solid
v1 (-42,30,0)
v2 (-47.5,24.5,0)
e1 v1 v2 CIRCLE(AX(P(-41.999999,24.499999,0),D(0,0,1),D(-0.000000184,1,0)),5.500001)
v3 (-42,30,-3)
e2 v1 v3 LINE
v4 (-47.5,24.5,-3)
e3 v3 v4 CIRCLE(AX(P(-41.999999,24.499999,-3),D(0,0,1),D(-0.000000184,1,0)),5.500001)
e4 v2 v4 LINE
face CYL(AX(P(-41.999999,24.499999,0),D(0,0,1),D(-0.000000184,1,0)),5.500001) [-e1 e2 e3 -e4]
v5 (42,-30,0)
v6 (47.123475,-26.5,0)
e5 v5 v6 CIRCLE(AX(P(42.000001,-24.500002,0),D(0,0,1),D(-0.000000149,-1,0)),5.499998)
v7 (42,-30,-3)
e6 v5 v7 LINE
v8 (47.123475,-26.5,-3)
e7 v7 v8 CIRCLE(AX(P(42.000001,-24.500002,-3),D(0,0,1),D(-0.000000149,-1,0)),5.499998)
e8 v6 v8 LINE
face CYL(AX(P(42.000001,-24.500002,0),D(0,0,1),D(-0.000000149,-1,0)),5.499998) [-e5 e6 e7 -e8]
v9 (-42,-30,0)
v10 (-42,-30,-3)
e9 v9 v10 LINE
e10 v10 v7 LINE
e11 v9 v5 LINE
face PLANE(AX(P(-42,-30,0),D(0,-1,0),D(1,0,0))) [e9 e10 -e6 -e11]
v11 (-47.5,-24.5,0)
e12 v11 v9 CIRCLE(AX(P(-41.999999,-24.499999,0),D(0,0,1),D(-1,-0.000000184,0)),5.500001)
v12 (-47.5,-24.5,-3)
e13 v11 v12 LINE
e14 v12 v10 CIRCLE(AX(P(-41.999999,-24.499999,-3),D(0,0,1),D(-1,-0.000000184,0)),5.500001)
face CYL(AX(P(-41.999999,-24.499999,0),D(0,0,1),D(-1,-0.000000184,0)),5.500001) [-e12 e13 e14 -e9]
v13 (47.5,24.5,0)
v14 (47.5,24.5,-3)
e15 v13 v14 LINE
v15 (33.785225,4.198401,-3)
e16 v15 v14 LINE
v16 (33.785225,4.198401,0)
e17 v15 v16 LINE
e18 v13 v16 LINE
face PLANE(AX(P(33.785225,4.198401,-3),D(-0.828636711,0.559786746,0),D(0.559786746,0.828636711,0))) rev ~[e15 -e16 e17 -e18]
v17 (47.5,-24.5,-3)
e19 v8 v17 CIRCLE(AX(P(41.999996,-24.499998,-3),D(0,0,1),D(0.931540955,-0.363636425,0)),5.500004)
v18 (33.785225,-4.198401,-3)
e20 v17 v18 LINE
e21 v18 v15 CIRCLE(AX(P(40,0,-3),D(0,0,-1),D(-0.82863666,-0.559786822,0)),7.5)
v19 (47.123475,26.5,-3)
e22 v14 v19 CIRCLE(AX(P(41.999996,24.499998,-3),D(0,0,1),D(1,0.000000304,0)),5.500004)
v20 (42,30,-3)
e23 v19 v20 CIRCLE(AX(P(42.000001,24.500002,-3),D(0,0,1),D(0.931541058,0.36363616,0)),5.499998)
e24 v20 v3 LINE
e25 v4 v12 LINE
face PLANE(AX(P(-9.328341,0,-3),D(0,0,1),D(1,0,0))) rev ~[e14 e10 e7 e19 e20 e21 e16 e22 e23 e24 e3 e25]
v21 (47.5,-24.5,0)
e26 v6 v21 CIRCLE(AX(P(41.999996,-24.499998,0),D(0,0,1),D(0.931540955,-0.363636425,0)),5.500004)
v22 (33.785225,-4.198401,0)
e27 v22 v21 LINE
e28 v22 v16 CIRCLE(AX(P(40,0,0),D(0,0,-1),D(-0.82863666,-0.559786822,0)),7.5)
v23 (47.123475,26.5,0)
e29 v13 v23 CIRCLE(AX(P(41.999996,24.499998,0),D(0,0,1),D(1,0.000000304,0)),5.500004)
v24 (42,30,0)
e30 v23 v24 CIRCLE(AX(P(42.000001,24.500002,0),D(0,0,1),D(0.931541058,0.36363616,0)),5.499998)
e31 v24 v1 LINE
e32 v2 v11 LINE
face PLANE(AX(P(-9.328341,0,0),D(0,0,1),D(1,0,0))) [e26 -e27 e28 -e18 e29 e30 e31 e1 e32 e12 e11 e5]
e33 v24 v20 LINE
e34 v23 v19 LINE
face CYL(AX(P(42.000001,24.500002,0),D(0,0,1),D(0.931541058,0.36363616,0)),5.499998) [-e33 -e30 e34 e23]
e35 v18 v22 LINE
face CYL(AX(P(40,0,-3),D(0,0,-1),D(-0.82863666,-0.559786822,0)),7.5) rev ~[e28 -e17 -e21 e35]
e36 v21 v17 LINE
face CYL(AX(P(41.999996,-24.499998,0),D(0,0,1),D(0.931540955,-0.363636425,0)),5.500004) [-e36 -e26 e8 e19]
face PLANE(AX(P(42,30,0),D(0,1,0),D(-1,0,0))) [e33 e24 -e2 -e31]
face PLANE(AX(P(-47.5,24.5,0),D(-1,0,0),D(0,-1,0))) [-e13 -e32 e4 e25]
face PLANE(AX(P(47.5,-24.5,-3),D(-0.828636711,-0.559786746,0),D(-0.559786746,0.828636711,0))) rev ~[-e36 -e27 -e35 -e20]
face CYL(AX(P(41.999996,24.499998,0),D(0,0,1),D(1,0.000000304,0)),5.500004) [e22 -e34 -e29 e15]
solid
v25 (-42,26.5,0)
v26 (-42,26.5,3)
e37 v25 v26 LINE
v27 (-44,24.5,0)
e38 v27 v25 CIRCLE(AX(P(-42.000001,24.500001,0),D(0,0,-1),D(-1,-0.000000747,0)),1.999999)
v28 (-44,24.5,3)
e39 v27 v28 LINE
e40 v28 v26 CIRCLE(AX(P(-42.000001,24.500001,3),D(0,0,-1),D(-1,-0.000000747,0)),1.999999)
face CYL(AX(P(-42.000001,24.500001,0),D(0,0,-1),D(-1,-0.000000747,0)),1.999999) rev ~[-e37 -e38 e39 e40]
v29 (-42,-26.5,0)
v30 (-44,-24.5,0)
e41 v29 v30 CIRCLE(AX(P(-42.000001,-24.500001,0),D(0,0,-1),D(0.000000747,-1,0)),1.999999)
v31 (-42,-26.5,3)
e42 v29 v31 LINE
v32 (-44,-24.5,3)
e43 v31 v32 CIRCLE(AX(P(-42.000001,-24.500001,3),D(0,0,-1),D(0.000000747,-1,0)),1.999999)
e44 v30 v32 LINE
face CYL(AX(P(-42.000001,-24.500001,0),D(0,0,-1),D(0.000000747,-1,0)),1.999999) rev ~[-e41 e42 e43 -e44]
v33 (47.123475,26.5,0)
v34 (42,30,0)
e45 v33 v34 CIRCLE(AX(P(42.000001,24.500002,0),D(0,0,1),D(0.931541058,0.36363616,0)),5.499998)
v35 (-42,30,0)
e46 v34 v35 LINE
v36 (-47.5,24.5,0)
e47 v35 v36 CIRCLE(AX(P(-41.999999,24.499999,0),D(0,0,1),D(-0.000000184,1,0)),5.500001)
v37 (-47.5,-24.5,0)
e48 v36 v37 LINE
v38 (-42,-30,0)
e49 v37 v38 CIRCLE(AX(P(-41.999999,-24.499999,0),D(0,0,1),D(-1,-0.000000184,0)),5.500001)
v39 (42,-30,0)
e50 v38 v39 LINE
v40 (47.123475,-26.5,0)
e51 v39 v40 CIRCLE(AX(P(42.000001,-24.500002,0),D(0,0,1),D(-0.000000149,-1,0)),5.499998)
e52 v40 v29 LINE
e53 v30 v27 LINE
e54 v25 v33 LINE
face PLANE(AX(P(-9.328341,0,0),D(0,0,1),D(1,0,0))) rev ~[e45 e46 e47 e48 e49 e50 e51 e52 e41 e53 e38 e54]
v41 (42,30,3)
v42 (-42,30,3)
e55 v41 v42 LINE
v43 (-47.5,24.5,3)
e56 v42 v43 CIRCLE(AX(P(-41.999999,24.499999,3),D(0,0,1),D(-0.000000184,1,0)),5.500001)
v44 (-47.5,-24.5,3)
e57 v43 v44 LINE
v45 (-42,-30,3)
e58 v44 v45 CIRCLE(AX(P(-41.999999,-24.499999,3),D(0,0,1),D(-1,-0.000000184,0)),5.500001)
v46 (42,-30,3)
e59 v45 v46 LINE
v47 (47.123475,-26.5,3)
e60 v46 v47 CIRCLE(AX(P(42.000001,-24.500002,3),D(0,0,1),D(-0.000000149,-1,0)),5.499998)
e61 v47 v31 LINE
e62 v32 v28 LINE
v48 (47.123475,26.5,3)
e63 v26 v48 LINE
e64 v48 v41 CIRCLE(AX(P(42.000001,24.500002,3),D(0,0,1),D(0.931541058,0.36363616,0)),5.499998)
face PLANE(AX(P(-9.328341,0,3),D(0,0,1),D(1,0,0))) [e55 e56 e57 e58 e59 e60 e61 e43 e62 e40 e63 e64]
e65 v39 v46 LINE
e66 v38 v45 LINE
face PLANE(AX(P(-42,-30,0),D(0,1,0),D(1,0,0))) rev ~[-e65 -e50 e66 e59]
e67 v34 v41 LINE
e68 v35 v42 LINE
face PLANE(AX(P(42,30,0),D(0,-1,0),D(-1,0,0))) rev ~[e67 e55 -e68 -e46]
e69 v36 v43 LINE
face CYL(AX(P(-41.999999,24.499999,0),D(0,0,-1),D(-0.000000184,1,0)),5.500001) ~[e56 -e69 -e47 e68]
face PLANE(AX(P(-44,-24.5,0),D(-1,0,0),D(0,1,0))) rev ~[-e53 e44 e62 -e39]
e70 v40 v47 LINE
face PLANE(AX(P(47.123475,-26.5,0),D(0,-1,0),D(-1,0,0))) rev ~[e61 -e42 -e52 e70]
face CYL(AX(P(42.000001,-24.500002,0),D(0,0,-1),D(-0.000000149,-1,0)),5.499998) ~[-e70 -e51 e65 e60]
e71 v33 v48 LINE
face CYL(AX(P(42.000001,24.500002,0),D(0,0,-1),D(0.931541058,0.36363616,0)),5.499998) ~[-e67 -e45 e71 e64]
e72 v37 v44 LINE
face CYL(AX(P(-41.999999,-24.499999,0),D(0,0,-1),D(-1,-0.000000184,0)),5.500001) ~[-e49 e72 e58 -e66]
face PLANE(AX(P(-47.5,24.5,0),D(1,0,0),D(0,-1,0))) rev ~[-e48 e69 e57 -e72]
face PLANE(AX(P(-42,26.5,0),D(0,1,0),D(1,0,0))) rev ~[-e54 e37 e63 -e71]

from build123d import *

# Parameters (mm, degrees)
F1_DEPTH = 3
F2_DEPTH = 3
F4_DEPTH = 25


with BuildPart() as f1:
    # F0 (on Top) → F1 (new body)
    with BuildSketch(Plane.XY):
        with BuildLine():
            Line((-42, -30), (42, -30))
            ThreePointArc((42, -30), (45.102418, -29.041476), (47.123475, -26.5))
            Line((47.123475, -26.5), (-42, -26.5))
            ThreePointArc((-42, -26.5), (-43.414214, -25.914214), (-44, -24.5))
            Line((-44, -24.5), (-44, 24.5))
            ThreePointArc((-44, 24.5), (-43.414214, 25.914214), (-42, 26.5))
            Line((-42, 26.5), (47.123475, 26.5))
            ThreePointArc((47.123475, 26.5), (45.102418, 29.041476), (42, 30))
            Line((42, 30), (-42, 30))
            ThreePointArc((-42, 30), (-45.889087, 28.389087), (-47.5, 24.5))
            Line((-47.5, 24.5), (-47.5, -24.5))
            ThreePointArc((-47.5, -24.5), (-45.889087, -28.389087), (-42, -30))
        make_face()
        with BuildLine():
            Line((-42, -26.5), (47.123475, -26.5))
            ThreePointArc((47.123475, -26.5), (47.405049, -25.517567), (47.5, -24.5))
            Line((47.5, -24.5), (47.5, 24.5))
            ThreePointArc((47.5, 24.5), (47.405049, 25.517567), (47.123475, 26.5))
            Line((47.123475, 26.5), (-42, 26.5))
            ThreePointArc((-42, 26.5), (-43.414214, 25.914214), (-44, 24.5))
            Line((-44, 24.5), (-44, -24.5))
            ThreePointArc((-44, -24.5), (-43.414214, -25.914214), (-42, -26.5))
        make_face()
    extrude(amount=-F1_DEPTH)

    # F3 (on face) → F4 (cut)
    with BuildSketch(Plane(origin=(0, 0, -3), x_dir=(1, 0, 0), z_dir=(0, 0, -1))):
        with BuildLine():
            Line((47.5, 24.5), (33.785225, 4.198401))
            ThreePointArc((33.785225, 4.198401), (32.5, 0), (33.785225, -4.198401))
            Line((33.785225, -4.198401), (47.5, -24.5))
            Line((47.5, -24.5), (47.5, 24.5))
        make_face()
    extrude(amount=-F4_DEPTH, mode=Mode.SUBTRACT)


with BuildPart() as f2:
    # F0 (on Top) → F2 (new body)
    with BuildSketch(Plane.XY):
        with BuildLine():
            Line((-42, -30), (42, -30))
            ThreePointArc((42, -30), (45.102418, -29.041476), (47.123475, -26.5))
            Line((47.123475, -26.5), (-42, -26.5))
            ThreePointArc((-42, -26.5), (-43.414214, -25.914214), (-44, -24.5))
            Line((-44, -24.5), (-44, 24.5))
            ThreePointArc((-44, 24.5), (-43.414214, 25.914214), (-42, 26.5))
            Line((-42, 26.5), (47.123475, 26.5))
            ThreePointArc((47.123475, 26.5), (45.102418, 29.041476), (42, 30))
            Line((42, 30), (-42, 30))
            ThreePointArc((-42, 30), (-45.889087, 28.389087), (-47.5, 24.5))
            Line((-47.5, 24.5), (-47.5, -24.5))
            ThreePointArc((-47.5, -24.5), (-45.889087, -28.389087), (-42, -30))
        make_face()
    extrude(amount=F2_DEPTH)


solid = Compound([f1.part, f2.part])
